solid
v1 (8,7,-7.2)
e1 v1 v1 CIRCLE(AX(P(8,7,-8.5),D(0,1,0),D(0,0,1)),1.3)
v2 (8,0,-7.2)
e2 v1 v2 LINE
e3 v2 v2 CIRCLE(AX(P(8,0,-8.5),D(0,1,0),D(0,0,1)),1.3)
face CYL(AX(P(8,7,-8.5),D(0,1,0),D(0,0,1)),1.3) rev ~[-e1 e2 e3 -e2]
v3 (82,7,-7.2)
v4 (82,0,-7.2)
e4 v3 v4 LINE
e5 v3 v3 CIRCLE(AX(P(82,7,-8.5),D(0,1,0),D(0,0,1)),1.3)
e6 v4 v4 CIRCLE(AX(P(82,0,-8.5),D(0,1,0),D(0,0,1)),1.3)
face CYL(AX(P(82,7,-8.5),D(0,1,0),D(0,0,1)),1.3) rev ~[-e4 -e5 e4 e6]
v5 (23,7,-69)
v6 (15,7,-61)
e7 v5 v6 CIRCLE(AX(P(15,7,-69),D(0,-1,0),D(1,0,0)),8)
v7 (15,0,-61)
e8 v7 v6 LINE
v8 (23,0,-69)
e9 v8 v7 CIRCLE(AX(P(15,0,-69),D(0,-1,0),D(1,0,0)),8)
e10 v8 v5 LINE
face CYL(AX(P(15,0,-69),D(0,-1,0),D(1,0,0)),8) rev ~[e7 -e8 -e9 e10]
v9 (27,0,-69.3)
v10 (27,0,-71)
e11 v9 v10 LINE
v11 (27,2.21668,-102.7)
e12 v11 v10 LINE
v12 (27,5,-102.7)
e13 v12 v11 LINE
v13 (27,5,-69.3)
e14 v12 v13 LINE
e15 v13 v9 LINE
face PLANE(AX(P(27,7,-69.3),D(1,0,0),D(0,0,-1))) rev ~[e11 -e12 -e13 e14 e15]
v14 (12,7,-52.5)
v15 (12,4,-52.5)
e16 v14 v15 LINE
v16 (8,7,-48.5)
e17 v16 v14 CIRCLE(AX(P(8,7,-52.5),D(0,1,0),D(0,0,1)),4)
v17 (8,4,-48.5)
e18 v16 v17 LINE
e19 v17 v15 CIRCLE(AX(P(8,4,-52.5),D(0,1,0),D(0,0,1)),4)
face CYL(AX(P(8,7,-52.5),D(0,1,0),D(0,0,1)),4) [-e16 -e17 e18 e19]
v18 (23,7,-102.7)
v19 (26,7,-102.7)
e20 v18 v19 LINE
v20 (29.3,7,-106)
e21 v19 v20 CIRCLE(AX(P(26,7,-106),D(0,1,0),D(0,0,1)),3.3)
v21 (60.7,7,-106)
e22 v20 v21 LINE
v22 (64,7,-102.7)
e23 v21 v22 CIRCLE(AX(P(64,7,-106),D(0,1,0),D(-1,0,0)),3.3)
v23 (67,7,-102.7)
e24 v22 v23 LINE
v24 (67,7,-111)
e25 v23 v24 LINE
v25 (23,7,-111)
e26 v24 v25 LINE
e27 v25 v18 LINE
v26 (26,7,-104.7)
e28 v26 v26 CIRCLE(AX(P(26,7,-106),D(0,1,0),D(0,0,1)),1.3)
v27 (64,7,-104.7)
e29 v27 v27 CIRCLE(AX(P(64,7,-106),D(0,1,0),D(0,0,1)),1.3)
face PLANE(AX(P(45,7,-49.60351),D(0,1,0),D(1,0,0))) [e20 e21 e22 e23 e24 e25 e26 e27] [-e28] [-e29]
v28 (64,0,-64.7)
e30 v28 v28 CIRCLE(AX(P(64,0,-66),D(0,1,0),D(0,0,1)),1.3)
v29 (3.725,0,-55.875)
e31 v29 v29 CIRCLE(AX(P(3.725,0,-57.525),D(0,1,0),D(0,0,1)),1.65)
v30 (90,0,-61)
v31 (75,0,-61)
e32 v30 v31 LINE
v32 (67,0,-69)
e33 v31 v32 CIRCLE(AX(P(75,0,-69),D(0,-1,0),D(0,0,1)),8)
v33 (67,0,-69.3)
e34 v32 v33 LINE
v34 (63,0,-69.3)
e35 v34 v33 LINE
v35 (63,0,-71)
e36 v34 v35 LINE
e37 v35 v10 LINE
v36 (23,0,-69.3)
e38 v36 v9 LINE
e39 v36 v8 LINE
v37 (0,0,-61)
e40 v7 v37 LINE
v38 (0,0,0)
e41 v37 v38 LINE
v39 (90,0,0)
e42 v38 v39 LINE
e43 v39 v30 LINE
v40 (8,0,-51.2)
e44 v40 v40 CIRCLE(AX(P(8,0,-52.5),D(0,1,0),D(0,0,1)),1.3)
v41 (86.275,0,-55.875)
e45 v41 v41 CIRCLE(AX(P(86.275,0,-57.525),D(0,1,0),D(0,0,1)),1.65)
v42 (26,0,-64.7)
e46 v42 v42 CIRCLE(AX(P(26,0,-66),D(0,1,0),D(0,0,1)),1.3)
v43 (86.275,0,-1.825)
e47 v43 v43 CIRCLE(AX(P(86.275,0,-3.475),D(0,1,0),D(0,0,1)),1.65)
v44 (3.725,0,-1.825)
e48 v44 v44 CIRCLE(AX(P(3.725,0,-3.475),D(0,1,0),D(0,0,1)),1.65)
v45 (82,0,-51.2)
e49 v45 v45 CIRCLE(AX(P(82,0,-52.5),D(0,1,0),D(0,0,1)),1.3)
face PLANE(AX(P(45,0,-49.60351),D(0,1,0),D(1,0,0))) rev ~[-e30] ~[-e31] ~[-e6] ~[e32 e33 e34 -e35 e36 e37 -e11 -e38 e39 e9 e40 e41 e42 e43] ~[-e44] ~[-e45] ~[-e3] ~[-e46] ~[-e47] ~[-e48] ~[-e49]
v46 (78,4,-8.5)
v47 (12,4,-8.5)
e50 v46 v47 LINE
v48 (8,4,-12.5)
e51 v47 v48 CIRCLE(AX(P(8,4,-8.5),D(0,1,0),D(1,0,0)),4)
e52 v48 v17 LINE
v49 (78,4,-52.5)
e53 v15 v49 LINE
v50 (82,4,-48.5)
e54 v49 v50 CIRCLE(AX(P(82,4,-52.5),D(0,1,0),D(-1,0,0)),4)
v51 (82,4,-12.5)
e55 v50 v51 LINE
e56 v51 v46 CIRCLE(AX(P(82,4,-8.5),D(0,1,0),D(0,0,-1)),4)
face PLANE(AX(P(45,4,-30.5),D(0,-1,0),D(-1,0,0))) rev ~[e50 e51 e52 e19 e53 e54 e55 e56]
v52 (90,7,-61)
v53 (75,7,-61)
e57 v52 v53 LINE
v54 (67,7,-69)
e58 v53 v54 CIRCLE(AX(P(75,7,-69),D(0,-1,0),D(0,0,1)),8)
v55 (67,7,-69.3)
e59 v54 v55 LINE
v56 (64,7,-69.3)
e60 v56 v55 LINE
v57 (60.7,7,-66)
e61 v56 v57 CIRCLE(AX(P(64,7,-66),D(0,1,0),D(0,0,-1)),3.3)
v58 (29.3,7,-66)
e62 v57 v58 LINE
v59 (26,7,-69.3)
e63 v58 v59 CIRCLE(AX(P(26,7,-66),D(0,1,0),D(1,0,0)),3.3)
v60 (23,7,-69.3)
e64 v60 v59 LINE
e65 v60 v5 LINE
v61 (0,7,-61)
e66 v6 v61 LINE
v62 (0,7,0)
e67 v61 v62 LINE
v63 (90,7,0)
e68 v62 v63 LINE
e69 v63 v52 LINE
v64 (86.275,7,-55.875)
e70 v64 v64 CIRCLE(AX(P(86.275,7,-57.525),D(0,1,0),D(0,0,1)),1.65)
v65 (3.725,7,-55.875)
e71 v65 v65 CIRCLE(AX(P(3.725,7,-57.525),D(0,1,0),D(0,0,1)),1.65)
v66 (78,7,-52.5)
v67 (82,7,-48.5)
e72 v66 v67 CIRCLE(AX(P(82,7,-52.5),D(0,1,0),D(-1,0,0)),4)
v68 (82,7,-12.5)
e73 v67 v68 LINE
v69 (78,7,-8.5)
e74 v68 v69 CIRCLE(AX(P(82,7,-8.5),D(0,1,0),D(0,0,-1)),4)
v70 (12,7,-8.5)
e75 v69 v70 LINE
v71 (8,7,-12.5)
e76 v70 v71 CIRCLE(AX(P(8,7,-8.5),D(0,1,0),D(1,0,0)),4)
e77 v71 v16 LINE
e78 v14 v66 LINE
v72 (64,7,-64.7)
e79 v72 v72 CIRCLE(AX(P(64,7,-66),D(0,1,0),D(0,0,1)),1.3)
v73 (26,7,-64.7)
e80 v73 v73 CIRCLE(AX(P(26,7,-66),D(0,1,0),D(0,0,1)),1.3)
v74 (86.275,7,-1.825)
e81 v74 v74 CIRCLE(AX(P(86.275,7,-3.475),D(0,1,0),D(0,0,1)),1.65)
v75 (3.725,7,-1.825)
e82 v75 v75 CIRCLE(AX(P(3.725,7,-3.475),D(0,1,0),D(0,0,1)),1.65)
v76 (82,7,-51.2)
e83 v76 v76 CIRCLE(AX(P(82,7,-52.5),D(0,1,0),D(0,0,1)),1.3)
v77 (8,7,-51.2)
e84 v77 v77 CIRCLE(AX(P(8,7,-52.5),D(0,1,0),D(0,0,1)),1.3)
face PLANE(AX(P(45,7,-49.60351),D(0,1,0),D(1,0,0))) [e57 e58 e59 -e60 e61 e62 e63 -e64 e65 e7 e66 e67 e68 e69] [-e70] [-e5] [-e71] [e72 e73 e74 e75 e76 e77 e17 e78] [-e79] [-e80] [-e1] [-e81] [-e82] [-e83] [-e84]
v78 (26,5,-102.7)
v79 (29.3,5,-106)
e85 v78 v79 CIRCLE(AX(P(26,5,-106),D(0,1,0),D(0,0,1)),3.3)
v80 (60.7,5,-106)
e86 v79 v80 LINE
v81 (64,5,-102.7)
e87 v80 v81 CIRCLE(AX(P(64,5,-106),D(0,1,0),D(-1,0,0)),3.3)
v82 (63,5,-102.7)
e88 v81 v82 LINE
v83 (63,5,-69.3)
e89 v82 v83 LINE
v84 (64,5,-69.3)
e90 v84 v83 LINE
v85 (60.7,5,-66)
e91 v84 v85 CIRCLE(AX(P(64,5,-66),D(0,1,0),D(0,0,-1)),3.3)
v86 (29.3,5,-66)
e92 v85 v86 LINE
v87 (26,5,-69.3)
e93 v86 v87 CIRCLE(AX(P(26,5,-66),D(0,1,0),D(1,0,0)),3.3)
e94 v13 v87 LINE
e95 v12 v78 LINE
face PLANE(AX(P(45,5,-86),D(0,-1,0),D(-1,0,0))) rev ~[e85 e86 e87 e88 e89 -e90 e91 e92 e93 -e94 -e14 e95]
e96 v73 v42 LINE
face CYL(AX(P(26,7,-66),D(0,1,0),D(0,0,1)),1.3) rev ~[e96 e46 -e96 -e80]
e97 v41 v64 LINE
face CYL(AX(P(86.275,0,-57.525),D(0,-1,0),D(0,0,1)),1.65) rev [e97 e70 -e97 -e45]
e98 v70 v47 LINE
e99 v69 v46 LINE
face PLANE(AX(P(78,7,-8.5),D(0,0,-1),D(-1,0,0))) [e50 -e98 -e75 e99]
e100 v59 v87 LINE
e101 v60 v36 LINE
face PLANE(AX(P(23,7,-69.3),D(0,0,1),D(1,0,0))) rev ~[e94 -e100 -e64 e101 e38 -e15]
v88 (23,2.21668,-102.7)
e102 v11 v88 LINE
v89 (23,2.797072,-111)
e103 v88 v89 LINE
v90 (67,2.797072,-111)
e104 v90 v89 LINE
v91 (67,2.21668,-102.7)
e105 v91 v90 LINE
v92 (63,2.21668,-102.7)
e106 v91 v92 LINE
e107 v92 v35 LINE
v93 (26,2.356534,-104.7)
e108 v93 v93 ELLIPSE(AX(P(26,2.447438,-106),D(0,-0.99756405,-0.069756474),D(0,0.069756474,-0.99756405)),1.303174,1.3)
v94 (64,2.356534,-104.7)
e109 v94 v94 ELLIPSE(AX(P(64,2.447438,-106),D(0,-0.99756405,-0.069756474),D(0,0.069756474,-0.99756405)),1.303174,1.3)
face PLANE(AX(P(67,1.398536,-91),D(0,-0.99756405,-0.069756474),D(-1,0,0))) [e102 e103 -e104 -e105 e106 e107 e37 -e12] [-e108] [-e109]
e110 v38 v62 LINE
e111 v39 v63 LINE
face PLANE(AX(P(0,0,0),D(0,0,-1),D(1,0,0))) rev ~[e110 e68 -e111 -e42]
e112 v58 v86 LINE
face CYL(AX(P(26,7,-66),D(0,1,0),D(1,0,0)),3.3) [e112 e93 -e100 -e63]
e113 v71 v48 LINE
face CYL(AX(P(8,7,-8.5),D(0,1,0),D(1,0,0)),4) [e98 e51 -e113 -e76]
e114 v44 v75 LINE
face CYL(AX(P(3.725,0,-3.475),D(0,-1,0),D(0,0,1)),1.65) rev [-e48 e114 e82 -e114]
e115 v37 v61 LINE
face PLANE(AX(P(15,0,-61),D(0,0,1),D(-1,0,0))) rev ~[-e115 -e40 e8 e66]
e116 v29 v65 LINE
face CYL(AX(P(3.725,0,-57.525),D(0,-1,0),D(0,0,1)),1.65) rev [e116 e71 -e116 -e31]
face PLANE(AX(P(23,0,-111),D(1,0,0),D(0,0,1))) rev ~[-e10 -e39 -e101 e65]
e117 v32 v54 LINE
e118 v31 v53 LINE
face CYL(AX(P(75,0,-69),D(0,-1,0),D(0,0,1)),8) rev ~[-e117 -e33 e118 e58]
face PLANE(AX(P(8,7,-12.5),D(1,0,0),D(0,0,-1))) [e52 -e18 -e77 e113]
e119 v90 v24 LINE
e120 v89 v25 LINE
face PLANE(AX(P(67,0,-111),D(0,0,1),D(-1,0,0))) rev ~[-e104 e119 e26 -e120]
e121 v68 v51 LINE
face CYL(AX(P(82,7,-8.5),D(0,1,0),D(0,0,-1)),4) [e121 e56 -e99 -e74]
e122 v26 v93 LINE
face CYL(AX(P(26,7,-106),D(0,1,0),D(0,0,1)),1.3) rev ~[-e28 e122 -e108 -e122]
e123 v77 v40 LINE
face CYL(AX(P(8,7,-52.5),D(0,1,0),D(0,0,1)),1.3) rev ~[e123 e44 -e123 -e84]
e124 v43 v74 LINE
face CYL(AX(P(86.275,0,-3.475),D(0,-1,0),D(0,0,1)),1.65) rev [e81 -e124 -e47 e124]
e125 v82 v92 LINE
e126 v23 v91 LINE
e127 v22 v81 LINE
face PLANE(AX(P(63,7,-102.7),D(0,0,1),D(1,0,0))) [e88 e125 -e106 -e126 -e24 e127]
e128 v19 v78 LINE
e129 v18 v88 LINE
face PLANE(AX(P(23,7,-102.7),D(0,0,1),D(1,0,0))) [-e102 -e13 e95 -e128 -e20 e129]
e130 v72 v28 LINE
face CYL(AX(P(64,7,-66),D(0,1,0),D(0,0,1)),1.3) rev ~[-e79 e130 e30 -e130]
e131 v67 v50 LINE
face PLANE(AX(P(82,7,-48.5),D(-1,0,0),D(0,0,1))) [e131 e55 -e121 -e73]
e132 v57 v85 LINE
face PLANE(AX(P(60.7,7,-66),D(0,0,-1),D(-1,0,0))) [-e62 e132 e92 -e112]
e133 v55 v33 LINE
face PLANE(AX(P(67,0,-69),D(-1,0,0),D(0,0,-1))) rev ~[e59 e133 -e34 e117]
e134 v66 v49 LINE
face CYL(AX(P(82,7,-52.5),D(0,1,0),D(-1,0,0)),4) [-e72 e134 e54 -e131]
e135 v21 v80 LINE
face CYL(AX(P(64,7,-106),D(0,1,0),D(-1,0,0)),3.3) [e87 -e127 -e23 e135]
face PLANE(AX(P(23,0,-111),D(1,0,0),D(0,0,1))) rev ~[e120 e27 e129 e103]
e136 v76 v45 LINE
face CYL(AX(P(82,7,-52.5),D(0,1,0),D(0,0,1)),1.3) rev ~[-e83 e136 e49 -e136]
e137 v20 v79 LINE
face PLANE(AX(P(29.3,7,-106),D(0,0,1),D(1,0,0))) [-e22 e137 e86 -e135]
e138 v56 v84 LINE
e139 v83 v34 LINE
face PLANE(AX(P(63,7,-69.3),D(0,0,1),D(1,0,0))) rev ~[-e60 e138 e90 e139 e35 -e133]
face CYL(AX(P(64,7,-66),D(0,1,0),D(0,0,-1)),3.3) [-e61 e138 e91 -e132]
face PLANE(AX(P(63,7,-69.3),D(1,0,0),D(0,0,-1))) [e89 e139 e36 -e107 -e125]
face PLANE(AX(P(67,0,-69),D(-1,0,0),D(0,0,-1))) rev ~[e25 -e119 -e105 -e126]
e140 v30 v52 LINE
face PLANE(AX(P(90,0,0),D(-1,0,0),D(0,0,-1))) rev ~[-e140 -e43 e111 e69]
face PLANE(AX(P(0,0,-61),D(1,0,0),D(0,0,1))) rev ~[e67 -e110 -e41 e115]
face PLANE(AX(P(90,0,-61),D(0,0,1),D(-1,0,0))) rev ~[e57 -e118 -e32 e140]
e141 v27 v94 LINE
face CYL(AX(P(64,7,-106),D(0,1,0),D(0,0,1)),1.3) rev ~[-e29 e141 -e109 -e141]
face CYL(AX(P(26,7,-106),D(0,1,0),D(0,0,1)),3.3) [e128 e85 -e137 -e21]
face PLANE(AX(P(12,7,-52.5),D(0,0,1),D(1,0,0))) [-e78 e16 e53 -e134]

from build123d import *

# Parameters (mm, degrees)
SKETCH1_R           = 1.65
BOSS_EXTRUDE1_DEPTH = 7
CHAMFER1_SIZE       = 40
CHAMFER1_SIZE2      = 2.797072478
SKETCH2_R           = 1.3
CUT_EXTRUDE1_DEPTH  = 144.073407732
SKETCH3_R           = 1.3
CUT_EXTRUDE2_DEPTH  = 144.073407732
CUT_EXTRUDE3_DEPTH  = 3
CUT_EXTRUDE4_DEPTH  = 2
SKETCH6_W           = 4
SKETCH6_H           = 33.4
CUT_EXTRUDE5_DEPTH  = 144.073407732


with BuildPart() as part:
    # Sketch1 → Boss-Extrude1 (new body)
    with BuildSketch(Plane(origin=(0, 0, 0), x_dir=(1, 0, 0), z_dir=(0, 1, 0))):
        with BuildLine():
            Line((0, 0), (90, 0))
            Line((90, 0), (90, 61))
            Line((90, 61), (75, 61))
            ThreePointArc((75, 61), (69.343145751, 63.343145751), (67, 69))
            Line((67, 69), (67, 111))
            Line((67, 111), (23, 111))
            Line((23, 111), (23, 69))
            ThreePointArc((23, 69), (20.656854249, 63.343145751), (15, 61))
            Line((15, 61), (0, 61))
            Line((0, 61), (0, 0))
        make_face()
        with Locations(Location((3.725, 57.525, 0), (0, 0, 270))):
            Circle(SKETCH1_R, mode=Mode.SUBTRACT)
        with Locations(Location((86.275, 57.525, 0), (0, 0, 270))):
            Circle(SKETCH1_R, mode=Mode.SUBTRACT)
        with Locations(Location((86.275, 3.475, 0), (0, 0, 270))):
            Circle(SKETCH1_R, mode=Mode.SUBTRACT)
        with Locations(Location((3.725, 3.475, 0), (0, 0, 270))):
            Circle(SKETCH1_R, mode=Mode.SUBTRACT)
    extrude(amount=BOSS_EXTRUDE1_DEPTH)

    # Chamfer1
    chamfer1_edges = [part.edges().sort_by_distance(p)[0] for p in [
        (45, 0, -111),
    ]]
    chamfer1_side = [part.faces().sort_by_distance(p)[0] for p in [
        (45, 0, -46.507129493),
    ]]
    chamfer(chamfer1_edges, length=CHAMFER1_SIZE, length2=CHAMFER1_SIZE2, reference=chamfer1_side[0])

    # Sketch2 → Cut-Extrude1 (cut, through all)
    with BuildSketch(Plane(origin=(0, 7, 0), x_dir=(1, 0, 0), z_dir=(0, 1, 0))):
        with Locations(Location((8, 52.5, 0), (0, 0, 270))):
            Circle(SKETCH2_R)
        with Locations(Location((8, 8.5, 0), (0, 0, 270))):
            Circle(SKETCH2_R)
        with Locations(Location((82, 52.5, 0), (0, 0, 270))):
            Circle(SKETCH2_R)
        with Locations(Location((82, 8.5, 0), (0, 0, 270))):
            Circle(SKETCH2_R)
    extrude(amount=-CUT_EXTRUDE1_DEPTH, mode=Mode.SUBTRACT)

    # Sketch3 → Cut-Extrude2 (cut, through all)
    with BuildSketch(Plane(origin=(0, 7, 0), x_dir=(1, 0, 0), z_dir=(0, 1, 0))):
        with Locations(Location((26, 106, 0), (0, 0, 270))):
            Circle(SKETCH3_R)
        with Locations(Location((64, 106, 0), (0, 0, 270))):
            Circle(SKETCH3_R)
        with Locations(Location((26, 66, 0), (0, 0, 270))):
            Circle(SKETCH3_R)
        with Locations(Location((64, 66, 0), (0, 0, 270))):
            Circle(SKETCH3_R)
    extrude(amount=-CUT_EXTRUDE2_DEPTH, mode=Mode.SUBTRACT)

    # Sketch4 → Cut-Extrude3 (cut)
    with BuildSketch(Plane(origin=(0, 7, 0), x_dir=(1, 0, 0), z_dir=(0, 1, 0))):
        with BuildLine():
            Line((12, 52.5), (78, 52.5))
            ThreePointArc((78, 52.5), (79.171572875, 49.671572875), (82, 48.5))
            Line((82, 48.5), (82, 12.5))
            ThreePointArc((82, 12.5), (79.171572875, 11.328427125), (78, 8.5))
            Line((78, 8.5), (12, 8.5))
            ThreePointArc((12, 8.5), (10.828427125, 11.328427125), (8, 12.5))
            Line((8, 12.5), (8, 48.5))
            ThreePointArc((8, 48.5), (10.828427125, 49.671572875), (12, 52.5))
        make_face()
    extrude(amount=-CUT_EXTRUDE3_DEPTH, mode=Mode.SUBTRACT)

    # Sketch5 → Cut-Extrude4 (cut)
    with BuildSketch(Plane(origin=(0, 7, 0), x_dir=(1, 0, 0), z_dir=(0, 1, 0))):
        with BuildLine():
            Line((29.3, 106), (60.7, 106))
            ThreePointArc((60.7, 106), (61.666547622, 103.666547622), (64, 102.7))
            Line((64, 102.7), (64, 69.3))
            ThreePointArc((64, 69.3), (61.666547622, 68.333452378), (60.7, 66))
            Line((60.7, 66), (29.3, 66))
            ThreePointArc((29.3, 66), (28.333452378, 68.333452378), (26, 69.3))
            Line((26, 69.3), (26, 102.7))
            ThreePointArc((26, 102.7), (28.333452378, 103.666547622), (29.3, 106))
        make_face()
    extrude(amount=-CUT_EXTRUDE4_DEPTH, mode=Mode.SUBTRACT)

    # Sketch6 → Cut-Extrude5 (cut, through all)
    with BuildSketch(Plane(origin=(0, 7, 0), x_dir=(1, 0, 0), z_dir=(0, 1, 0))):
        with Locations((25, 86)):
            Rectangle(SKETCH6_W, SKETCH6_H)
        with Locations((65, 86)):
            Rectangle(SKETCH6_W, SKETCH6_H)
    extrude(amount=-CUT_EXTRUDE5_DEPTH, mode=Mode.SUBTRACT)


solid = part.part
